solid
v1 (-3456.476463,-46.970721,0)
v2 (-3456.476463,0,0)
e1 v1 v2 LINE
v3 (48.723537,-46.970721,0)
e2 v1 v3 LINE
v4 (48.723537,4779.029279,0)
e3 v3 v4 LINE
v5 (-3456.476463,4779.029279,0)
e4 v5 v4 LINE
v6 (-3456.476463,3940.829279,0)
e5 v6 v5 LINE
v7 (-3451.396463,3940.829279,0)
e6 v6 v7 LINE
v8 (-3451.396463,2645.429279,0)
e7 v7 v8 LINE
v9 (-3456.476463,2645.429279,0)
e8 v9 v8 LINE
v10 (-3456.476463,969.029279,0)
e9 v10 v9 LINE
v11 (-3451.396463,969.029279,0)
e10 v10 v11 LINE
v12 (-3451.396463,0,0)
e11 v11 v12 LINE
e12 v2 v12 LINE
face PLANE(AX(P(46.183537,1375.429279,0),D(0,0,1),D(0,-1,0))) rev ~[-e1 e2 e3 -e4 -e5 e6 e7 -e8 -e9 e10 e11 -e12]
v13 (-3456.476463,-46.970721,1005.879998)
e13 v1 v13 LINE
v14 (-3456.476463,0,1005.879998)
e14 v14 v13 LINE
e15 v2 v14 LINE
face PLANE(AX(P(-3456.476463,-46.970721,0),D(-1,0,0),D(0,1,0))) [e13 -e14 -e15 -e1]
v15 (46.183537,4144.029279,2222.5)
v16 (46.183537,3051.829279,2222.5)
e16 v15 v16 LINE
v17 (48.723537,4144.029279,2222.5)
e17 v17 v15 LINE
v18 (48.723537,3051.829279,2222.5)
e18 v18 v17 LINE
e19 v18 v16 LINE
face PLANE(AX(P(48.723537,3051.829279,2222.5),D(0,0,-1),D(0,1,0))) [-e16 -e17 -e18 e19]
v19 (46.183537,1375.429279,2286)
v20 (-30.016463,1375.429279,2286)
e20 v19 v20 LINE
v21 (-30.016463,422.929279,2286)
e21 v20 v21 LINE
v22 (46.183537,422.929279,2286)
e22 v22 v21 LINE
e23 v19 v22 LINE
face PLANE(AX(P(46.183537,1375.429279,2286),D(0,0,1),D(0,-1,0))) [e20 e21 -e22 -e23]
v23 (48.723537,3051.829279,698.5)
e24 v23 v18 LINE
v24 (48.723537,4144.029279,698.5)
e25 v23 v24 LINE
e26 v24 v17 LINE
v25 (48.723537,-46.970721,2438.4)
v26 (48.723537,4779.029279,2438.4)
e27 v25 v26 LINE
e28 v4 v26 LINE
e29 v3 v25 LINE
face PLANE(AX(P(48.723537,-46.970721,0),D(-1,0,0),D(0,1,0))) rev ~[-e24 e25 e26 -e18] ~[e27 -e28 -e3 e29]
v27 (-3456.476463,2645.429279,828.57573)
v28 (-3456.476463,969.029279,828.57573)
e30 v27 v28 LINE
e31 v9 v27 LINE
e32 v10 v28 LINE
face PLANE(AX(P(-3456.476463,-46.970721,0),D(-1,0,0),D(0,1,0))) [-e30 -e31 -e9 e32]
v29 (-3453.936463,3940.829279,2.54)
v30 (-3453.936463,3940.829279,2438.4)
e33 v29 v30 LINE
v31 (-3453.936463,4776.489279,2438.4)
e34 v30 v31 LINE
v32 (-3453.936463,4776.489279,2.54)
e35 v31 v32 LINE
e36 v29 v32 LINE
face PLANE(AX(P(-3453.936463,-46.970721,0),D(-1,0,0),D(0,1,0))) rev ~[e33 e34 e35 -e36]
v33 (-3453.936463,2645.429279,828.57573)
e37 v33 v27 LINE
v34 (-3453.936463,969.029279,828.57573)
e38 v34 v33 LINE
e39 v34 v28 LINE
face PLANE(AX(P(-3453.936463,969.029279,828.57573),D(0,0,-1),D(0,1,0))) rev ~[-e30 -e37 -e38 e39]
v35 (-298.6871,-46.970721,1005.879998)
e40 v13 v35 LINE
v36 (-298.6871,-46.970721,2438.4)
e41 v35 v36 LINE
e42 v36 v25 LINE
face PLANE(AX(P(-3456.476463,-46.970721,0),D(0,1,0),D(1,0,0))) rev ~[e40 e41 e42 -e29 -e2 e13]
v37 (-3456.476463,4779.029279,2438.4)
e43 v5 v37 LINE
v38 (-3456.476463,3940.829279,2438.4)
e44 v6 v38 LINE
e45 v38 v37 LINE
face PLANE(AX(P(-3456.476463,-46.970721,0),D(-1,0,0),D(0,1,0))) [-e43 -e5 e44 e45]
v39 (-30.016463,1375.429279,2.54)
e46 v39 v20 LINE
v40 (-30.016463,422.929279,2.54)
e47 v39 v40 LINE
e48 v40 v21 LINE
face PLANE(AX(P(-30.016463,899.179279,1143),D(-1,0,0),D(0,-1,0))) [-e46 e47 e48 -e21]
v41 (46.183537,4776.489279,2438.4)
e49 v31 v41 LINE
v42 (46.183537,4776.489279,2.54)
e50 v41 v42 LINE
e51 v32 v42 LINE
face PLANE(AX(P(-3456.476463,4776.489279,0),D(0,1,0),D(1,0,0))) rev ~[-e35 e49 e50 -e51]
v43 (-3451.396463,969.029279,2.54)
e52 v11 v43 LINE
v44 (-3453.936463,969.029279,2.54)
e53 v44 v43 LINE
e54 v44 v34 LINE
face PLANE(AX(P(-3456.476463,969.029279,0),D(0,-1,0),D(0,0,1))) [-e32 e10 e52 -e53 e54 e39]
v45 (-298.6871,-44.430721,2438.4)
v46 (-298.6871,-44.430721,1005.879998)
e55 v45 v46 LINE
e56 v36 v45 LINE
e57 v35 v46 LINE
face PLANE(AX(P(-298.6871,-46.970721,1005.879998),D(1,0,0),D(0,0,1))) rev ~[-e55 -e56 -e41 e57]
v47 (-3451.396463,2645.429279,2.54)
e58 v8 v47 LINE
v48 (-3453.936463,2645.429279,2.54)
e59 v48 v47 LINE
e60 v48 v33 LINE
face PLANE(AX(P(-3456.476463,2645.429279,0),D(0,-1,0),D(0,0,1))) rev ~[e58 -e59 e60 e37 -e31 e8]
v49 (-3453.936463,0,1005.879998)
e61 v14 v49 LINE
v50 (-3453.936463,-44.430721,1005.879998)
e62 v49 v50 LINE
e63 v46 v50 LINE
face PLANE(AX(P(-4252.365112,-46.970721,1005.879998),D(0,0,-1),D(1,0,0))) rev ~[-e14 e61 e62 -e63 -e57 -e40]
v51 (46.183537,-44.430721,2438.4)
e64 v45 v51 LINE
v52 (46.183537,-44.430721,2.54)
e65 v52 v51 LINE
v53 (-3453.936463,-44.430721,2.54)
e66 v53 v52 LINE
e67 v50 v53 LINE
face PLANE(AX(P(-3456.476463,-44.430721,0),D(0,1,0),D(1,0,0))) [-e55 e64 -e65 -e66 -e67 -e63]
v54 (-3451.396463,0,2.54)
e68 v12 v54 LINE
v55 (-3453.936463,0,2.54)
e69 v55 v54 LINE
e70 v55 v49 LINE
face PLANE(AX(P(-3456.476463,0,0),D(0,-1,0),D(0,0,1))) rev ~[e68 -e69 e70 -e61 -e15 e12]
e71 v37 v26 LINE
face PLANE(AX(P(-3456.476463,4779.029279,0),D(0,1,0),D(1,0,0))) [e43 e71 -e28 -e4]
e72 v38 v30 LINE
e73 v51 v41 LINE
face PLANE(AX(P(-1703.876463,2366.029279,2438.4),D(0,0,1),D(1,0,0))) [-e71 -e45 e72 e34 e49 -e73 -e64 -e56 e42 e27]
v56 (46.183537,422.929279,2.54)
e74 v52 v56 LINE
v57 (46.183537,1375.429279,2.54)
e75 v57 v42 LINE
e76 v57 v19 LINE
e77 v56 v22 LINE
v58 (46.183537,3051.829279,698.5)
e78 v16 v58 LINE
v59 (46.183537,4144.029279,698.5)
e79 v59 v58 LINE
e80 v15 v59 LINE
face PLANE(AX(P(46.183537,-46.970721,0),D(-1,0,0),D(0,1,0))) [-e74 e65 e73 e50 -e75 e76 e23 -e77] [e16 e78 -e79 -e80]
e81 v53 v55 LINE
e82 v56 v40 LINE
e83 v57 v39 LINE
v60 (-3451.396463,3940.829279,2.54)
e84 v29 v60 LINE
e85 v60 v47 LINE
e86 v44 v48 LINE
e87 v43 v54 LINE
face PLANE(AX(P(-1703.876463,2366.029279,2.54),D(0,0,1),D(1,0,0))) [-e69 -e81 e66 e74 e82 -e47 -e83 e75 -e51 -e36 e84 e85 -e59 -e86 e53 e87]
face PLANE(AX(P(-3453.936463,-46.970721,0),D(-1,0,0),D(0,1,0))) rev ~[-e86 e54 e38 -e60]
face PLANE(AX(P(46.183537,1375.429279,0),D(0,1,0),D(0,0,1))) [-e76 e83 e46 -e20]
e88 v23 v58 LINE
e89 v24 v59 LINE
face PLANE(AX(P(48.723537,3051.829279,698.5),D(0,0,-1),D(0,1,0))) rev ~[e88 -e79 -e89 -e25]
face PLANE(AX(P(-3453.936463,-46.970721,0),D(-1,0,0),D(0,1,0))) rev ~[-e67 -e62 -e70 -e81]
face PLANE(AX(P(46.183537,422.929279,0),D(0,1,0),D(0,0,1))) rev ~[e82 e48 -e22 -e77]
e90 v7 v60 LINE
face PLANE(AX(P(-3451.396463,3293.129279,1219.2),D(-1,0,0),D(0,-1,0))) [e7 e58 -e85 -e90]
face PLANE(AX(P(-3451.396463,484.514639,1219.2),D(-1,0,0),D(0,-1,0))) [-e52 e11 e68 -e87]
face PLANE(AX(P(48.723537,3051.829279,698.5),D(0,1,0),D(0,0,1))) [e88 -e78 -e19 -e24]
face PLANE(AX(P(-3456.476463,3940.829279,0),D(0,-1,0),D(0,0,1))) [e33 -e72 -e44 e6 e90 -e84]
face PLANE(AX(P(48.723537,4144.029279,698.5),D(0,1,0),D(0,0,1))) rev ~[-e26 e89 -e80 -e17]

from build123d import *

# Parameters (mm, degrees)
F0_W      = 3505.2
F0_H      = 4826
F1_DEPTH  = 2438.4
F2_T      = -2.54
F3_W      = 1295.4
F3_H      = 2438.4
F3_W_2    = 969.0292786658
F4_DEPTH  = 5.08
F5_W      = 1092.2
F5_H      = 1524
F6_DEPTH  = 25.4
F7_W      = 952.5
F7_H      = 2286
F8_DEPTH  = 76.2
F10_R     = 279.4
F11_DEPTH = 304.8
F13_W     = 1676.4
F13_H     = 1609.8242696762
F14_DEPTH = 25.4
F15_W     = 3953.6780118942
F15_H     = 1432.5200017929
F16_DEPTH = 127


with BuildPart() as f1:
    # F0 (on Top) → F1 (new body)
    with BuildSketch(Plane.XY):
        with Locations((-1703.8764625251, 2366.0292786658)):
            Rectangle(F0_W, F0_H)
    extrude(amount=F1_DEPTH)

    # F2
    f2_openings = [f1.faces().sort_by_distance(p)[0] for p in [
        (-1703.876463, 2366.029279, 2438.4),
    ]]
    offset(amount=F2_T, openings=f2_openings)

    # F3 (on face) → F4 (cut)
    with BuildSketch(Plane(origin=(-3456.4764625251, 0, 0), x_dir=(0, -1, 0), z_dir=(-1, 0, 0))):
        with Locations((-3293.1292786658, 1219.2)):
            Rectangle(F3_W, F3_H)
        with Locations((-484.5146393329, 1219.2)):
            Rectangle(F3_W_2, F3_H)
    extrude(amount=-F4_DEPTH, mode=Mode.SUBTRACT)

    # F5 (on face) → F6 (cut)
    with BuildSketch(Plane.YZ.offset(48.7235374749)):
        with Locations((3597.9292786658, 1460.5)):
            Rectangle(F5_W, F5_H)
    extrude(amount=-F6_DEPTH, mode=Mode.SUBTRACT)

    # F7 (on face) → F8 (join)
    with BuildSketch(Plane(origin=(46.1835374749, 0, 0), x_dir=(0, -1, 0), z_dir=(-1, 0, 0))):
        with Locations((-899.1792786658, 1143)):
            Rectangle(F7_W, F7_H)
    extrude(amount=F8_DEPTH)

    # F13 (on face) → F14 (cut)
    with BuildSketch(Plane.YZ.offset(-3453.9364625251)):
        with Locations((1807.2292786658, 1633.4878651619)):
            Rectangle(F13_W, F13_H)
    extrude(amount=-F14_DEPTH, mode=Mode.SUBTRACT)

    # F15 (on face) → F16 (cut)
    with BuildSketch(Plane.XZ.offset(46.9707213342)):
        with Locations((-2275.5261063576, 1722.1399991035)):
            Rectangle(F15_W, F15_H)
    extrude(amount=-F16_DEPTH, mode=Mode.SUBTRACT)


with BuildPart() as f11:
    # F10 (on offset) → F11 (new body)
    with BuildSketch(Plane.XY.offset(1727.2)):
        with Locations((-3387.9356384277, -986.3669872284)):
            Circle(F10_R)
    extrude(amount=-F11_DEPTH)


solid = f1.part
